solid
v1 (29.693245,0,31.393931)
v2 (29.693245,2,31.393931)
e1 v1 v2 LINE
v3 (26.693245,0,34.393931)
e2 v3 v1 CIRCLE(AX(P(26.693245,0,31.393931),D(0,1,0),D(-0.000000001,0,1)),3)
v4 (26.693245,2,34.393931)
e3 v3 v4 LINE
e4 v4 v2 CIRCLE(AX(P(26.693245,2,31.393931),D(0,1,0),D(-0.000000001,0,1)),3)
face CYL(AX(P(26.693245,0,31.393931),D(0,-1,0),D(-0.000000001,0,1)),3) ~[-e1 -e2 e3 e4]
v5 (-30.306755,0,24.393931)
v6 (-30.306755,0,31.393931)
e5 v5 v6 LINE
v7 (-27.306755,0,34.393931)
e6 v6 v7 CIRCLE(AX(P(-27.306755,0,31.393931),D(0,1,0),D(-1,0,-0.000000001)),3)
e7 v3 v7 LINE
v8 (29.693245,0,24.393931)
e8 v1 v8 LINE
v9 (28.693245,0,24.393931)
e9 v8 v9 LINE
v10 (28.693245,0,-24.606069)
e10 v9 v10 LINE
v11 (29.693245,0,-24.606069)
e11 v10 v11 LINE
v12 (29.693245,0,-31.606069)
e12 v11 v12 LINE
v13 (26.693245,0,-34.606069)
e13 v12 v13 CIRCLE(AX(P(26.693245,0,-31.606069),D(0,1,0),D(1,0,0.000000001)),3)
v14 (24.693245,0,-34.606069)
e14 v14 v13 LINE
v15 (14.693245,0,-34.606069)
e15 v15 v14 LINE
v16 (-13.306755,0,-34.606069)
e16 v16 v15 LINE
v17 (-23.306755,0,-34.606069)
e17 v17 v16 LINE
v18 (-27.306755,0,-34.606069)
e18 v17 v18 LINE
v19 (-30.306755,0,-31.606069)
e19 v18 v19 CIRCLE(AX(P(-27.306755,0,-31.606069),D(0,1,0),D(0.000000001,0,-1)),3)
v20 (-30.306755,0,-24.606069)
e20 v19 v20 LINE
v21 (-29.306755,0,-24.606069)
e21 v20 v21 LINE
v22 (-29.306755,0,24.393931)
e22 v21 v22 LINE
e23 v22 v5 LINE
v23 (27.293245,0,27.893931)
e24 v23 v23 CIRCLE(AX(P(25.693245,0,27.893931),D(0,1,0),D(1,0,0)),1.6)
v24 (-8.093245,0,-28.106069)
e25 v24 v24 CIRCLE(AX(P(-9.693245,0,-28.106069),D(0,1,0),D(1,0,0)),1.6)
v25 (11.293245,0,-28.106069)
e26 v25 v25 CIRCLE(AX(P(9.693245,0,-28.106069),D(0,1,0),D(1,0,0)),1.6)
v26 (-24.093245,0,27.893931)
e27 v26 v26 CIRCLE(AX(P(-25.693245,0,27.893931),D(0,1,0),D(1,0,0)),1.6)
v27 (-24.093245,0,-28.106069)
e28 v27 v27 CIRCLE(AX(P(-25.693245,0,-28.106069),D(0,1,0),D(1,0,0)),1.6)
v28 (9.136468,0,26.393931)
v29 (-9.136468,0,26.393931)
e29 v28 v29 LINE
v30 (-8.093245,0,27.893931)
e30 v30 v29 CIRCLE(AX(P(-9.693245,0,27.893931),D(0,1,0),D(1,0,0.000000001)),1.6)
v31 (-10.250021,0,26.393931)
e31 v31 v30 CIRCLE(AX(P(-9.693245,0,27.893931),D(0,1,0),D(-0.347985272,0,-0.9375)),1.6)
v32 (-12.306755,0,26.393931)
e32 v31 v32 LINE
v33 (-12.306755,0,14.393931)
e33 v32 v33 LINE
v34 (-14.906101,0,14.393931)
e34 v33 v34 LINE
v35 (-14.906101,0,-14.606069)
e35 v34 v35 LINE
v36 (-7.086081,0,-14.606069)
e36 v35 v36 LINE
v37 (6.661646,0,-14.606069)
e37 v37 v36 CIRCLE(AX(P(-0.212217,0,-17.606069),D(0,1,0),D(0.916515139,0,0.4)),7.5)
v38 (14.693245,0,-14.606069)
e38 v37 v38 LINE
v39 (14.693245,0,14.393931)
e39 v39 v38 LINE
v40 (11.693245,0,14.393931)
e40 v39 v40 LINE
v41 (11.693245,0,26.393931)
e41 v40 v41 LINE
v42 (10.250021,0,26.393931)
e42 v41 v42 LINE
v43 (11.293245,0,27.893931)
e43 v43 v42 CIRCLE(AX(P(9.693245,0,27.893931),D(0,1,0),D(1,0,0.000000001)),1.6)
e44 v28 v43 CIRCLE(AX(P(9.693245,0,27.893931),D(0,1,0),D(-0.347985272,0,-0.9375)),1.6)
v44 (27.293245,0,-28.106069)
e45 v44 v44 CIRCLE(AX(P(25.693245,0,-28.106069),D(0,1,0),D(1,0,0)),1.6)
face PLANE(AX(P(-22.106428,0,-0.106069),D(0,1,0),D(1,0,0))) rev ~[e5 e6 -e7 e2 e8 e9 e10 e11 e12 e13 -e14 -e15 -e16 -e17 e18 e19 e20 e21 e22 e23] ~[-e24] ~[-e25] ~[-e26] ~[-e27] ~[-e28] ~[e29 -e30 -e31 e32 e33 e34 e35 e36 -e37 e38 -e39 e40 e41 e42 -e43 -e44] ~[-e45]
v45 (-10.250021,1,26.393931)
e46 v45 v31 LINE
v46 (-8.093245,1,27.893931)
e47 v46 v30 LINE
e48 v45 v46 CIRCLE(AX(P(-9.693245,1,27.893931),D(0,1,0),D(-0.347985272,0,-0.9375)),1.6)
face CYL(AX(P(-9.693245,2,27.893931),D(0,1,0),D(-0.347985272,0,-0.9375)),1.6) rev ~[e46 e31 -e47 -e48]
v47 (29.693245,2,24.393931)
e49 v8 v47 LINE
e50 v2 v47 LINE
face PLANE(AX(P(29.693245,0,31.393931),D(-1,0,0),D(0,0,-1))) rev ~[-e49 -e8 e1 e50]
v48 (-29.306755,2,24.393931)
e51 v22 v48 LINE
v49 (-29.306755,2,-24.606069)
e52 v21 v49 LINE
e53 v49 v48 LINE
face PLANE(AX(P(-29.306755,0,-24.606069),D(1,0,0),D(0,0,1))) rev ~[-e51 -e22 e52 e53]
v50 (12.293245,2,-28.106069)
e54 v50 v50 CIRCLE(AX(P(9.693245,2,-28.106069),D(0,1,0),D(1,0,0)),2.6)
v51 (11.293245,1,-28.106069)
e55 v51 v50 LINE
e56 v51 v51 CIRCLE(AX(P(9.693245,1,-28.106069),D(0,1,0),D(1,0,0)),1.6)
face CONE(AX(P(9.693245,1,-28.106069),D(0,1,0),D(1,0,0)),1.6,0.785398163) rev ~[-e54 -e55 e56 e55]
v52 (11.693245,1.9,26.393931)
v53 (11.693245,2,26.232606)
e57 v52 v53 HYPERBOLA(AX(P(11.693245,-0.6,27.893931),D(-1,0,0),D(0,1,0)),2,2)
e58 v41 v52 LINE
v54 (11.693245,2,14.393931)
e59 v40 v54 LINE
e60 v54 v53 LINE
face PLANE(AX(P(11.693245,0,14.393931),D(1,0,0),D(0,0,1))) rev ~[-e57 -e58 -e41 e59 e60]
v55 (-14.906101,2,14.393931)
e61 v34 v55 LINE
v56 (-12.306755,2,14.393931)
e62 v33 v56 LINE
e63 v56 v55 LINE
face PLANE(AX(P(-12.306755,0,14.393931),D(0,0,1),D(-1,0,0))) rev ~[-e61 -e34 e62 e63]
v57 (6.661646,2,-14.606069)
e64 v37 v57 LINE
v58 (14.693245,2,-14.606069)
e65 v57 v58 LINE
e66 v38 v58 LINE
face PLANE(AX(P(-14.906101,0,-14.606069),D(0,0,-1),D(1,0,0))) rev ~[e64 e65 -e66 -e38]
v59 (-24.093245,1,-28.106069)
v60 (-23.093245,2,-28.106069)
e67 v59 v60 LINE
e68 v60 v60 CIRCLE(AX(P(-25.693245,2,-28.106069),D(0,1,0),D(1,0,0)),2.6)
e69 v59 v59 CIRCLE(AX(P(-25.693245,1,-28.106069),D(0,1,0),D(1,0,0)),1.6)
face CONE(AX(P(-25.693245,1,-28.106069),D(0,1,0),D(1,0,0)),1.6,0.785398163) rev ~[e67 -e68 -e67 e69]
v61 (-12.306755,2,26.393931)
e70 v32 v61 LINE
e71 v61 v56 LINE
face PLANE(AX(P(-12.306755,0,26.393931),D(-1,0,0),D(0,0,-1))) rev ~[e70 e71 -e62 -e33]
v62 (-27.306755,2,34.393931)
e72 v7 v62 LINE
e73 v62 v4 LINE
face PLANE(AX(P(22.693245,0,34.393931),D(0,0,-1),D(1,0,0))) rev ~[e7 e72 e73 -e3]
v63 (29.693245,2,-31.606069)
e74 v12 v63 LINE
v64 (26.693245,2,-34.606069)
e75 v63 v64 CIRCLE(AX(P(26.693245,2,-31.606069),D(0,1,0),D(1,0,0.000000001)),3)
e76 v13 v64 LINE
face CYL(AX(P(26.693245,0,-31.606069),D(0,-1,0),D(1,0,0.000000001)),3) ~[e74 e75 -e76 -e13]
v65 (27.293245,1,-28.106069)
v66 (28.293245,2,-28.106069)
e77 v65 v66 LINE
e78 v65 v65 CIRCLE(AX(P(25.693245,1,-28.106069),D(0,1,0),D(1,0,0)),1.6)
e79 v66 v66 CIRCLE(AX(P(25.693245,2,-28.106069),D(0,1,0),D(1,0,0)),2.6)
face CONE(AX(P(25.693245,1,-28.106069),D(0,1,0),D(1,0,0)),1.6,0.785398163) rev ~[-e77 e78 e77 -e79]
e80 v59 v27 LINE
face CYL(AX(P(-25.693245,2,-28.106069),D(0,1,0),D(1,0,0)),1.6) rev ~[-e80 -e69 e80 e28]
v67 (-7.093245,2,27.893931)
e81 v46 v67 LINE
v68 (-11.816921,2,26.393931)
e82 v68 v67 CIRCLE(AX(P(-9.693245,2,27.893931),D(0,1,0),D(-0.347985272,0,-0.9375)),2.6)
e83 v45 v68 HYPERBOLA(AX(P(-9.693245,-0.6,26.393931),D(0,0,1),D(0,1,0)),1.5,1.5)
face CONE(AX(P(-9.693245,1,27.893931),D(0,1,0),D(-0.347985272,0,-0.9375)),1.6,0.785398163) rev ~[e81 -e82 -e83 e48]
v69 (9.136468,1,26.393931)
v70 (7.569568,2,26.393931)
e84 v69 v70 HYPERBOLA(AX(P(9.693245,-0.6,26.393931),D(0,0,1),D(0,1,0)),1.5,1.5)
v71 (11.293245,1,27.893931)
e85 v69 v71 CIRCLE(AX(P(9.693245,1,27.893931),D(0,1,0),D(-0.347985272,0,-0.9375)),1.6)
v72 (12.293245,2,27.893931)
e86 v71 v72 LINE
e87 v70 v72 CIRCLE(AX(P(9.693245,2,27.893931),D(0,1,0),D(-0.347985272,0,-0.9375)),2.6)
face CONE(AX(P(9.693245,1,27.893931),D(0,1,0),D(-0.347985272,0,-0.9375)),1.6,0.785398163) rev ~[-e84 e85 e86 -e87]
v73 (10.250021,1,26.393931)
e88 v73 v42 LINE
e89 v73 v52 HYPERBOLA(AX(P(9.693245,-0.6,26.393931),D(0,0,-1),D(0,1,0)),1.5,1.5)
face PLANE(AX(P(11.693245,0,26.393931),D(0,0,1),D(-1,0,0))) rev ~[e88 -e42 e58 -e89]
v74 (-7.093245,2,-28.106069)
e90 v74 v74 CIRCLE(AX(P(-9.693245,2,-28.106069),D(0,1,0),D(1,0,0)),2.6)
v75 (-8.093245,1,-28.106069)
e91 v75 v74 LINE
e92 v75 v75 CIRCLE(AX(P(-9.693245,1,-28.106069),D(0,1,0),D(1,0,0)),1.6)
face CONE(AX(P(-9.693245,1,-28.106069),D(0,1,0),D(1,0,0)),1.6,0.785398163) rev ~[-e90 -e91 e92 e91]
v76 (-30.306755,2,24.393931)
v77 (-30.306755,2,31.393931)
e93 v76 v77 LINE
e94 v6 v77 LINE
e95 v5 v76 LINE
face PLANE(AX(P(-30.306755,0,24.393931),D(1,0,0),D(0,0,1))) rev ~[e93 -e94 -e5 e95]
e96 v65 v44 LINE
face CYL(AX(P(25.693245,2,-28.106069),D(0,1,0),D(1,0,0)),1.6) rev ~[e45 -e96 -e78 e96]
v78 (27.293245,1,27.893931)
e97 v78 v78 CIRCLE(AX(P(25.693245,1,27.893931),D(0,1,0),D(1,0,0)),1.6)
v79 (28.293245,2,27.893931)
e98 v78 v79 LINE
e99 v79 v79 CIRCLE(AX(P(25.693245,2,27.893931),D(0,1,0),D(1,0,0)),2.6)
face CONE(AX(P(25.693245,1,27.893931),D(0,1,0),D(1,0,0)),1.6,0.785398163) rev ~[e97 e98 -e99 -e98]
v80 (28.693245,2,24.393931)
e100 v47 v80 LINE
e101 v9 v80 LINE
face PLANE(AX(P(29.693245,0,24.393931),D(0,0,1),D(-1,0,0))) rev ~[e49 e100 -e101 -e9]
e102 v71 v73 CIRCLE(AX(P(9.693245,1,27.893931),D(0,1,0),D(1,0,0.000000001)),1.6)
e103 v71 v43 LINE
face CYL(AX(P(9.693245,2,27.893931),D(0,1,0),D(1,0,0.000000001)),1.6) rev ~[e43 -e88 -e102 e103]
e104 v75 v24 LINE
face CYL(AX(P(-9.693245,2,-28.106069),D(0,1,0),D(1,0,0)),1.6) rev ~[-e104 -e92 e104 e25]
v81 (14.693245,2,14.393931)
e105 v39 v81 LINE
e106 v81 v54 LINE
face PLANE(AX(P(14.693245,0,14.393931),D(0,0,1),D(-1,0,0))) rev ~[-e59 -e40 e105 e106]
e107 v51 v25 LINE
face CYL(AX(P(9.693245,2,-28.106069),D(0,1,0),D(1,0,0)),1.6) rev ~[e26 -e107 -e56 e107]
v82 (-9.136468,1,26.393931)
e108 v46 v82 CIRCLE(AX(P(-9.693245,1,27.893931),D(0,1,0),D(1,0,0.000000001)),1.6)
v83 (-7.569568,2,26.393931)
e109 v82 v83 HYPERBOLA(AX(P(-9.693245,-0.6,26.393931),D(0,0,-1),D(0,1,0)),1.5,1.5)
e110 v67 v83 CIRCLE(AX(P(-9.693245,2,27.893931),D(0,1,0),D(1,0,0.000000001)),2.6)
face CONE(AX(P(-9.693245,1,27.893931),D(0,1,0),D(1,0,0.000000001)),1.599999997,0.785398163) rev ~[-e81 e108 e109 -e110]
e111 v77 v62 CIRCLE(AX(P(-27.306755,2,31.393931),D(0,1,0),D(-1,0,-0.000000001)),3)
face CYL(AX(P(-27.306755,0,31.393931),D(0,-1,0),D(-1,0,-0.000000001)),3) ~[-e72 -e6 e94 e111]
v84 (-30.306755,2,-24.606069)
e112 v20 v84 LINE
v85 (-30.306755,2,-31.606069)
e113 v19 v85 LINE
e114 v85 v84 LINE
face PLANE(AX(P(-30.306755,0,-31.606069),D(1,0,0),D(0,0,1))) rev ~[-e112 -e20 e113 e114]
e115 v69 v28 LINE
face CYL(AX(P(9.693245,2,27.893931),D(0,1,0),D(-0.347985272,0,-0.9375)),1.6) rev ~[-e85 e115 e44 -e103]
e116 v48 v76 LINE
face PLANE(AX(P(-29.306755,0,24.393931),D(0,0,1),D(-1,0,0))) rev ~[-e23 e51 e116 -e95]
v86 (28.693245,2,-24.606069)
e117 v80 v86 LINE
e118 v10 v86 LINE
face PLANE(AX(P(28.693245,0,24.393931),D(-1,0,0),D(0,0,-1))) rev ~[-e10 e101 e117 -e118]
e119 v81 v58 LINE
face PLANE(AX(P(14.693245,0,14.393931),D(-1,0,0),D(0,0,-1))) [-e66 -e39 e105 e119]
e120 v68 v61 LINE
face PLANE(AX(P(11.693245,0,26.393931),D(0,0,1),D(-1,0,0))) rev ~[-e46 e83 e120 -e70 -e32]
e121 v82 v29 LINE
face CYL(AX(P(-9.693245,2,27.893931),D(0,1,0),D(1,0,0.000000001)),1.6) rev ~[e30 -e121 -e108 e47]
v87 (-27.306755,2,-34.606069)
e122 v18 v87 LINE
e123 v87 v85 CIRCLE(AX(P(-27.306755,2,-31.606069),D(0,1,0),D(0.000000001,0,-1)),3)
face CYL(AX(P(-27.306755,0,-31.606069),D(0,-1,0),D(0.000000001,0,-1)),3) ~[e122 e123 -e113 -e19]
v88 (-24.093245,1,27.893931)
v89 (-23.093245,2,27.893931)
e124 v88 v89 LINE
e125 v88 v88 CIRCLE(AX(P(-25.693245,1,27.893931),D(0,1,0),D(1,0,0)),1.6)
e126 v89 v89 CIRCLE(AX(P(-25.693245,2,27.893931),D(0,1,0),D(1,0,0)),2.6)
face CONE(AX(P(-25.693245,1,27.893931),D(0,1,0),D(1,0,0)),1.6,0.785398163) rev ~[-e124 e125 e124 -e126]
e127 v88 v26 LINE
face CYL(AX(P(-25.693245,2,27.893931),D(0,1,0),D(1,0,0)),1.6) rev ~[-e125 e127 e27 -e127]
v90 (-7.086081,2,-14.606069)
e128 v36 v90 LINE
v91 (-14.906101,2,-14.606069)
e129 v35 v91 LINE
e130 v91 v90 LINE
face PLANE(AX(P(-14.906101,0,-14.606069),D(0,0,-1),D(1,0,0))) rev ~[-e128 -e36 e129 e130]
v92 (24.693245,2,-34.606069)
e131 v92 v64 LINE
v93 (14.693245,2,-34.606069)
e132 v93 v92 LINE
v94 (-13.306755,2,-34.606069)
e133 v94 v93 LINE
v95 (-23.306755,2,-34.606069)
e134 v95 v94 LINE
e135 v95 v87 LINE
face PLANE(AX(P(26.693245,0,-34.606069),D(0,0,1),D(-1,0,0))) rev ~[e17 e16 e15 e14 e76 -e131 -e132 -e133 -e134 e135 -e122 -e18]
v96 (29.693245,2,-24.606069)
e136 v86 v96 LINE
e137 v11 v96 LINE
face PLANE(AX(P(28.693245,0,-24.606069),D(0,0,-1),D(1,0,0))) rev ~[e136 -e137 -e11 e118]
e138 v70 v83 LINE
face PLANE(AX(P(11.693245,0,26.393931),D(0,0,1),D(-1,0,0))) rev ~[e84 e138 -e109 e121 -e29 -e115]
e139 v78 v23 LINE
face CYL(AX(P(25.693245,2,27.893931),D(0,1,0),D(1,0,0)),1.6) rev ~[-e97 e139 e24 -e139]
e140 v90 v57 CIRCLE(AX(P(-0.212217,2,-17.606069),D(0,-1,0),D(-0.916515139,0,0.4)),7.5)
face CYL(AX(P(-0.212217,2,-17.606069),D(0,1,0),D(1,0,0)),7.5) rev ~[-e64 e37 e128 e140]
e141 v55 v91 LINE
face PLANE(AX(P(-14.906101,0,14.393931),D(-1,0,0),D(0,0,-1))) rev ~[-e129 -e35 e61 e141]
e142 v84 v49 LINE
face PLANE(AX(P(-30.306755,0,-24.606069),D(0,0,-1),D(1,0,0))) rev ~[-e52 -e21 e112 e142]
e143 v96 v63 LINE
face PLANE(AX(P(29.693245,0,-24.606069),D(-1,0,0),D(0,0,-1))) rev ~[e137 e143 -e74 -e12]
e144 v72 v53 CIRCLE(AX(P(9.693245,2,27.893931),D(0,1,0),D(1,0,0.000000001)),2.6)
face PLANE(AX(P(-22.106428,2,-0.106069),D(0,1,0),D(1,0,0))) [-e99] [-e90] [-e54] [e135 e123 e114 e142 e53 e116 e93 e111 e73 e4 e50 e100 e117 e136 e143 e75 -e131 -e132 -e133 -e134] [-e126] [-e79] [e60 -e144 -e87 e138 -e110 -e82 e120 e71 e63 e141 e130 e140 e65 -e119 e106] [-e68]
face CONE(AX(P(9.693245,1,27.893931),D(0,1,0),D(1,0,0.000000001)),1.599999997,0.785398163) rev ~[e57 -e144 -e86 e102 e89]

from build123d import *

# Parameters (mm, degrees)
SKETCH1_W           = 14.40065461
SKETCH1_H           = 29
SKETCH1_W_2         = 14
SKETCH1_R           = 1.35
BOSS_EXTRUDE2_DEPTH = 2
SKETCH2_R           = 7.5
CUT_EXTRUDE1_DEPTH  = 2
SKETCH3_W           = 5.497638463
SKETCH3_H           = 5.570940309
SKETCH3_W_2         = 9.162730771
SKETCH3_H_2         = 3.811696001
SKETCH3_W_3         = 6.450562463
SKETCH3_H_3         = 6.157355078
SKETCH3_W_4         = 5.570940309
SKETCH3_H_4         = 4.544714463
SKETCH3_W_5         = 6.27821864
SKETCH3_H_5         = 3.656250045
SKETCH3_W_6         = 6.338006476
SKETCH3_H_6         = 4.174139377
BOSS_EXTRUDE3_DEPTH = 2
SKETCH4_R           = 1.6
CUT_EXTRUDE2_DEPTH  = 10
CHAMFER1_SIZE       = 1
SKETCH5_W           = 10.813263603
SKETCH5_H           = 2.270321327
SKETCH5_W_2         = 10.386812418
SKETCH5_H_2         = 2.583327919
SKETCH5_W_3         = 10.884553744
SKETCH5_H_3         = 2.62287776
SKETCH5_W_4         = 12.051602383
SKETCH5_H_4         = 3.322696714
BOSS_EXTRUDE4_DEPTH = 2


with BuildPart() as part:
    # Sketch1 → Boss-Extrude2 (new body)
    with BuildSketch(Plane(origin=(0, 0, 0), x_dir=(1, 0, 0), z_dir=(0, 1, 0))):
        with Locations((-22.106428168, 0.106069008)):
            Rectangle(SKETCH1_W, SKETCH1_H)
        with Locations((21.693244527, 0.106069008)):
            Rectangle(SKETCH1_W_2, SKETCH1_H)
        with BuildLine():
            Line((22.693244527, -34.393930992), (26.693244527, -34.393930992))
            ThreePointArc((26.693244527, -34.393930992), (28.814564871, -33.515251336), (29.693244527, -31.393930992))
            Line((29.693244527, -31.393930992), (29.693244527, -24.393930992))
            Line((29.693244527, -24.393930992), (28.693244527, -24.393930992))
            Line((28.693244527, -24.393930992), (28.693244527, -14.393930992))
            Line((28.693244527, -14.393930992), (11.693244527, -14.393930992))
            Line((11.693244527, -14.393930992), (11.693244527, -26.393930992))
            Line((11.693244527, -26.393930992), (-12.306755473, -26.393930992))
            Line((-12.306755473, -26.393930992), (-12.306755473, -14.393930992))
            Line((-12.306755473, -14.393930992), (-29.306755473, -14.393930992))
            Line((-29.306755473, -14.393930992), (-29.306755473, -24.393930992))
            Line((-29.306755473, -24.393930992), (-30.306755473, -24.393930992))
            Line((-30.306755473, -24.393930992), (-30.306755473, -31.393930992))
            ThreePointArc((-30.306755473, -31.393930992), (-29.428075817, -33.515251336), (-27.306755473, -34.393930992))
            Line((-27.306755473, -34.393930992), (-25.306755473, -34.393930992))
            Line((-25.306755473, -34.393930992), (-25.306755473, -32.393930992))
            Line((-25.306755473, -32.393930992), (-15.306755473, -32.393930992))
            Line((-15.306755473, -32.393930992), (-15.306755473, -34.393930992))
            Line((-15.306755473, -34.393930992), (12.693244527, -34.393930992))
            Line((12.693244527, -34.393930992), (12.693244527, -32.393930992))
            Line((12.693244527, -32.393930992), (22.693244527, -32.393930992))
            Line((22.693244527, -32.393930992), (22.693244527, -34.393930992))
        make_face()
        with Locations((-20.98250428, -22.393930992)):
            Circle(SKETCH1_R, mode=Mode.SUBTRACT)
        with Locations((19.975772563, -22.393930992)):
            Circle(SKETCH1_R, mode=Mode.SUBTRACT)
        with Locations((-0.212217338, -28.393930992)):
            Circle(SKETCH1_R, mode=Mode.SUBTRACT)
        with BuildLine():
            Line((-23.306755473, 34.606069008), (-27.306755473, 34.606069008))
            ThreePointArc((-27.306755473, 34.606069008), (-29.428075817, 33.727389352), (-30.306755473, 31.606069008))
            Line((-30.306755473, 31.606069008), (-30.306755473, 24.606069008))
            Line((-30.306755473, 24.606069008), (-29.306755473, 24.606069008))
            Line((-29.306755473, 24.606069008), (-29.306755473, 14.606069008))
            Line((-29.306755473, 14.606069008), (28.693244527, 14.606069008))
            Line((28.693244527, 14.606069008), (28.693244527, 24.606069008))
            Line((28.693244527, 24.606069008), (29.693244527, 24.606069008))
            Line((29.693244527, 24.606069008), (29.693244527, 31.606069008))
            ThreePointArc((29.693244527, 31.606069008), (28.814564871, 33.727389352), (26.693244527, 34.606069008))
            Line((26.693244527, 34.606069008), (24.693244527, 34.606069008))
            Line((24.693244527, 34.606069008), (24.693244527, 32.606069008))
            Line((24.693244527, 32.606069008), (14.693244527, 32.606069008))
            Line((14.693244527, 32.606069008), (14.693244527, 34.606069008))
            Line((14.693244527, 34.606069008), (-13.306755473, 34.606069008))
            Line((-13.306755473, 34.606069008), (-13.306755473, 32.606069008))
            Line((-13.306755473, 32.606069008), (-23.306755473, 32.606069008))
            Line((-23.306755473, 32.606069008), (-23.306755473, 34.606069008))
        make_face()
        with Locations((-20.98250428, 22.606069008)):
            Circle(SKETCH1_R, mode=Mode.SUBTRACT)
        with Locations((-0.212217338, 28.606069008)):
            Circle(SKETCH1_R, mode=Mode.SUBTRACT)
        with Locations((19.975772563, 22.606069008)):
            Circle(SKETCH1_R, mode=Mode.SUBTRACT)
        with Locations((-0.212217338, 17.606069008)):
            Circle(SKETCH1_R, mode=Mode.SUBTRACT)
    extrude(amount=BOSS_EXTRUDE2_DEPTH)

    # Sketch2 → Cut-Extrude1 (cut)
    with BuildSketch(Plane(origin=(0, 2, 0), x_dir=(1, 0, 0), z_dir=(0, 1, 0))):
        with Locations((-0.212217338, 17.606069008)):
            Circle(SKETCH2_R)
    extrude(amount=-CUT_EXTRUDE1_DEPTH, mode=Mode.SUBTRACT)

    # Sketch3 → Boss-Extrude3 (add)
    with BuildSketch(Plane(origin=(0, 2, 0), x_dir=(1, 0, 0), z_dir=(0, 1, 0))):
        with Locations((-20.684668709, 22.829641321)):
            Rectangle(SKETCH3_W, SKETCH3_H)
        with Locations((0.426262988, 28.40058163)):
            Rectangle(SKETCH3_W_2, SKETCH3_H_2)
        with Locations((19.594695763, 21.950019167)):
            Rectangle(SKETCH3_W_3, SKETCH3_H_3)
        with Locations((20.03450684, -21.664579305)):
            Rectangle(SKETCH3_W_4, SKETCH3_H_4)
        with Locations((-1.015993077, -28.583465841)):
            Rectangle(SKETCH3_W_5, SKETCH3_H_5)
        with Locations((-20.264484702, -22.364159865)):
            Rectangle(SKETCH3_W_6, SKETCH3_H_6)
    extrude(amount=-BOSS_EXTRUDE3_DEPTH)

    # Sketch4 → Cut-Extrude2 (cut)
    with BuildSketch(Plane(origin=(0, 2, 0), x_dir=(1, 0, 0), z_dir=(0, 1, 0))):
        with BuildLine():
            ThreePointArc((-8.093244527, -27.893930992), (-8.379691654, -26.980378119), (-9.136468091, -26.393930992))
            Line((-9.136468091, -26.393930992), (-10.250020963, -26.393930992))
            ThreePointArc((-10.250020963, -26.393930992), (-10.6067974, -29.207483865), (-8.093244527, -27.893930992))
        make_face()
        with BuildLine():
            Line((-10.250020963, -26.393930992), (-9.136468091, -26.393930992))
            ThreePointArc((-9.136468091, -26.393930992), (-9.693244527, -26.293930992), (-10.250020963, -26.393930992))
        make_face()
        with Locations((-25.693244527, -27.893930992)):
            Circle(SKETCH4_R)
        with BuildLine():
            ThreePointArc((9.136468091, -26.393930992), (8.779691654, -29.207483865), (11.293244527, -27.893930992))
            ThreePointArc((11.293244527, -27.893930992), (11.0067974, -26.980378119), (10.250020963, -26.393930992))
            Line((10.250020963, -26.393930992), (9.136468091, -26.393930992))
        make_face()
        with BuildLine():
            Line((9.136468091, -26.393930992), (10.250020963, -26.393930992))
            ThreePointArc((10.250020963, -26.393930992), (9.693244527, -26.293930992), (9.136468091, -26.393930992))
        make_face()
        with Locations((25.693244527, -27.893930992)):
            Circle(SKETCH4_R)
        with Locations((25.693244527, 28.106069008)):
            Circle(SKETCH4_R)
        with Locations((9.693244527, 28.106069008)):
            Circle(SKETCH4_R)
        with Locations((-9.693244527, 28.106069008)):
            Circle(SKETCH4_R)
        with Locations((-25.693244527, 28.106069008)):
            Circle(SKETCH4_R)
    extrude(amount=-CUT_EXTRUDE2_DEPTH, mode=Mode.SUBTRACT)

    # Chamfer1
    chamfer1_edges = [part.edges().sort_by_distance(p)[0] for p in [
        (-27.293244527, 2, 27.893930992),
        (8.779691654, 2, 29.207483865),
        (24.093244527, 2, 27.893930992),
        (24.093244527, 2, -28.106069008),
        (8.093244527, 2, -28.106069008),
        (-11.293244527, 2, -28.106069008),
        (-27.293244527, 2, -28.106069008),
        (-10.6067974, 2, 29.207483865),
    ]]
    chamfer(chamfer1_edges, length=CHAMFER1_SIZE)

    # Sketch5 → Boss-Extrude4 (add)
    with BuildSketch(Plane(origin=(0, 2, 0), x_dir=(1, 0, 0), z_dir=(0, 1, 0))):
        with Locations((20.099876329, 33.470908345)):
            Rectangle(SKETCH5_W, SKETCH5_H)
        with Locations((-18.113349264, 33.314405048)):
            Rectangle(SKETCH5_W_2, SKETCH5_H_2)
        with Locations((-20.749032345, -33.082492112)):
            Rectangle(SKETCH5_W_3, SKETCH5_H_3)
        with Locations((16.667443335, -32.732582635)):
            Rectangle(SKETCH5_W_4, SKETCH5_H_4)
    extrude(amount=-BOSS_EXTRUDE4_DEPTH)


solid = part.part
